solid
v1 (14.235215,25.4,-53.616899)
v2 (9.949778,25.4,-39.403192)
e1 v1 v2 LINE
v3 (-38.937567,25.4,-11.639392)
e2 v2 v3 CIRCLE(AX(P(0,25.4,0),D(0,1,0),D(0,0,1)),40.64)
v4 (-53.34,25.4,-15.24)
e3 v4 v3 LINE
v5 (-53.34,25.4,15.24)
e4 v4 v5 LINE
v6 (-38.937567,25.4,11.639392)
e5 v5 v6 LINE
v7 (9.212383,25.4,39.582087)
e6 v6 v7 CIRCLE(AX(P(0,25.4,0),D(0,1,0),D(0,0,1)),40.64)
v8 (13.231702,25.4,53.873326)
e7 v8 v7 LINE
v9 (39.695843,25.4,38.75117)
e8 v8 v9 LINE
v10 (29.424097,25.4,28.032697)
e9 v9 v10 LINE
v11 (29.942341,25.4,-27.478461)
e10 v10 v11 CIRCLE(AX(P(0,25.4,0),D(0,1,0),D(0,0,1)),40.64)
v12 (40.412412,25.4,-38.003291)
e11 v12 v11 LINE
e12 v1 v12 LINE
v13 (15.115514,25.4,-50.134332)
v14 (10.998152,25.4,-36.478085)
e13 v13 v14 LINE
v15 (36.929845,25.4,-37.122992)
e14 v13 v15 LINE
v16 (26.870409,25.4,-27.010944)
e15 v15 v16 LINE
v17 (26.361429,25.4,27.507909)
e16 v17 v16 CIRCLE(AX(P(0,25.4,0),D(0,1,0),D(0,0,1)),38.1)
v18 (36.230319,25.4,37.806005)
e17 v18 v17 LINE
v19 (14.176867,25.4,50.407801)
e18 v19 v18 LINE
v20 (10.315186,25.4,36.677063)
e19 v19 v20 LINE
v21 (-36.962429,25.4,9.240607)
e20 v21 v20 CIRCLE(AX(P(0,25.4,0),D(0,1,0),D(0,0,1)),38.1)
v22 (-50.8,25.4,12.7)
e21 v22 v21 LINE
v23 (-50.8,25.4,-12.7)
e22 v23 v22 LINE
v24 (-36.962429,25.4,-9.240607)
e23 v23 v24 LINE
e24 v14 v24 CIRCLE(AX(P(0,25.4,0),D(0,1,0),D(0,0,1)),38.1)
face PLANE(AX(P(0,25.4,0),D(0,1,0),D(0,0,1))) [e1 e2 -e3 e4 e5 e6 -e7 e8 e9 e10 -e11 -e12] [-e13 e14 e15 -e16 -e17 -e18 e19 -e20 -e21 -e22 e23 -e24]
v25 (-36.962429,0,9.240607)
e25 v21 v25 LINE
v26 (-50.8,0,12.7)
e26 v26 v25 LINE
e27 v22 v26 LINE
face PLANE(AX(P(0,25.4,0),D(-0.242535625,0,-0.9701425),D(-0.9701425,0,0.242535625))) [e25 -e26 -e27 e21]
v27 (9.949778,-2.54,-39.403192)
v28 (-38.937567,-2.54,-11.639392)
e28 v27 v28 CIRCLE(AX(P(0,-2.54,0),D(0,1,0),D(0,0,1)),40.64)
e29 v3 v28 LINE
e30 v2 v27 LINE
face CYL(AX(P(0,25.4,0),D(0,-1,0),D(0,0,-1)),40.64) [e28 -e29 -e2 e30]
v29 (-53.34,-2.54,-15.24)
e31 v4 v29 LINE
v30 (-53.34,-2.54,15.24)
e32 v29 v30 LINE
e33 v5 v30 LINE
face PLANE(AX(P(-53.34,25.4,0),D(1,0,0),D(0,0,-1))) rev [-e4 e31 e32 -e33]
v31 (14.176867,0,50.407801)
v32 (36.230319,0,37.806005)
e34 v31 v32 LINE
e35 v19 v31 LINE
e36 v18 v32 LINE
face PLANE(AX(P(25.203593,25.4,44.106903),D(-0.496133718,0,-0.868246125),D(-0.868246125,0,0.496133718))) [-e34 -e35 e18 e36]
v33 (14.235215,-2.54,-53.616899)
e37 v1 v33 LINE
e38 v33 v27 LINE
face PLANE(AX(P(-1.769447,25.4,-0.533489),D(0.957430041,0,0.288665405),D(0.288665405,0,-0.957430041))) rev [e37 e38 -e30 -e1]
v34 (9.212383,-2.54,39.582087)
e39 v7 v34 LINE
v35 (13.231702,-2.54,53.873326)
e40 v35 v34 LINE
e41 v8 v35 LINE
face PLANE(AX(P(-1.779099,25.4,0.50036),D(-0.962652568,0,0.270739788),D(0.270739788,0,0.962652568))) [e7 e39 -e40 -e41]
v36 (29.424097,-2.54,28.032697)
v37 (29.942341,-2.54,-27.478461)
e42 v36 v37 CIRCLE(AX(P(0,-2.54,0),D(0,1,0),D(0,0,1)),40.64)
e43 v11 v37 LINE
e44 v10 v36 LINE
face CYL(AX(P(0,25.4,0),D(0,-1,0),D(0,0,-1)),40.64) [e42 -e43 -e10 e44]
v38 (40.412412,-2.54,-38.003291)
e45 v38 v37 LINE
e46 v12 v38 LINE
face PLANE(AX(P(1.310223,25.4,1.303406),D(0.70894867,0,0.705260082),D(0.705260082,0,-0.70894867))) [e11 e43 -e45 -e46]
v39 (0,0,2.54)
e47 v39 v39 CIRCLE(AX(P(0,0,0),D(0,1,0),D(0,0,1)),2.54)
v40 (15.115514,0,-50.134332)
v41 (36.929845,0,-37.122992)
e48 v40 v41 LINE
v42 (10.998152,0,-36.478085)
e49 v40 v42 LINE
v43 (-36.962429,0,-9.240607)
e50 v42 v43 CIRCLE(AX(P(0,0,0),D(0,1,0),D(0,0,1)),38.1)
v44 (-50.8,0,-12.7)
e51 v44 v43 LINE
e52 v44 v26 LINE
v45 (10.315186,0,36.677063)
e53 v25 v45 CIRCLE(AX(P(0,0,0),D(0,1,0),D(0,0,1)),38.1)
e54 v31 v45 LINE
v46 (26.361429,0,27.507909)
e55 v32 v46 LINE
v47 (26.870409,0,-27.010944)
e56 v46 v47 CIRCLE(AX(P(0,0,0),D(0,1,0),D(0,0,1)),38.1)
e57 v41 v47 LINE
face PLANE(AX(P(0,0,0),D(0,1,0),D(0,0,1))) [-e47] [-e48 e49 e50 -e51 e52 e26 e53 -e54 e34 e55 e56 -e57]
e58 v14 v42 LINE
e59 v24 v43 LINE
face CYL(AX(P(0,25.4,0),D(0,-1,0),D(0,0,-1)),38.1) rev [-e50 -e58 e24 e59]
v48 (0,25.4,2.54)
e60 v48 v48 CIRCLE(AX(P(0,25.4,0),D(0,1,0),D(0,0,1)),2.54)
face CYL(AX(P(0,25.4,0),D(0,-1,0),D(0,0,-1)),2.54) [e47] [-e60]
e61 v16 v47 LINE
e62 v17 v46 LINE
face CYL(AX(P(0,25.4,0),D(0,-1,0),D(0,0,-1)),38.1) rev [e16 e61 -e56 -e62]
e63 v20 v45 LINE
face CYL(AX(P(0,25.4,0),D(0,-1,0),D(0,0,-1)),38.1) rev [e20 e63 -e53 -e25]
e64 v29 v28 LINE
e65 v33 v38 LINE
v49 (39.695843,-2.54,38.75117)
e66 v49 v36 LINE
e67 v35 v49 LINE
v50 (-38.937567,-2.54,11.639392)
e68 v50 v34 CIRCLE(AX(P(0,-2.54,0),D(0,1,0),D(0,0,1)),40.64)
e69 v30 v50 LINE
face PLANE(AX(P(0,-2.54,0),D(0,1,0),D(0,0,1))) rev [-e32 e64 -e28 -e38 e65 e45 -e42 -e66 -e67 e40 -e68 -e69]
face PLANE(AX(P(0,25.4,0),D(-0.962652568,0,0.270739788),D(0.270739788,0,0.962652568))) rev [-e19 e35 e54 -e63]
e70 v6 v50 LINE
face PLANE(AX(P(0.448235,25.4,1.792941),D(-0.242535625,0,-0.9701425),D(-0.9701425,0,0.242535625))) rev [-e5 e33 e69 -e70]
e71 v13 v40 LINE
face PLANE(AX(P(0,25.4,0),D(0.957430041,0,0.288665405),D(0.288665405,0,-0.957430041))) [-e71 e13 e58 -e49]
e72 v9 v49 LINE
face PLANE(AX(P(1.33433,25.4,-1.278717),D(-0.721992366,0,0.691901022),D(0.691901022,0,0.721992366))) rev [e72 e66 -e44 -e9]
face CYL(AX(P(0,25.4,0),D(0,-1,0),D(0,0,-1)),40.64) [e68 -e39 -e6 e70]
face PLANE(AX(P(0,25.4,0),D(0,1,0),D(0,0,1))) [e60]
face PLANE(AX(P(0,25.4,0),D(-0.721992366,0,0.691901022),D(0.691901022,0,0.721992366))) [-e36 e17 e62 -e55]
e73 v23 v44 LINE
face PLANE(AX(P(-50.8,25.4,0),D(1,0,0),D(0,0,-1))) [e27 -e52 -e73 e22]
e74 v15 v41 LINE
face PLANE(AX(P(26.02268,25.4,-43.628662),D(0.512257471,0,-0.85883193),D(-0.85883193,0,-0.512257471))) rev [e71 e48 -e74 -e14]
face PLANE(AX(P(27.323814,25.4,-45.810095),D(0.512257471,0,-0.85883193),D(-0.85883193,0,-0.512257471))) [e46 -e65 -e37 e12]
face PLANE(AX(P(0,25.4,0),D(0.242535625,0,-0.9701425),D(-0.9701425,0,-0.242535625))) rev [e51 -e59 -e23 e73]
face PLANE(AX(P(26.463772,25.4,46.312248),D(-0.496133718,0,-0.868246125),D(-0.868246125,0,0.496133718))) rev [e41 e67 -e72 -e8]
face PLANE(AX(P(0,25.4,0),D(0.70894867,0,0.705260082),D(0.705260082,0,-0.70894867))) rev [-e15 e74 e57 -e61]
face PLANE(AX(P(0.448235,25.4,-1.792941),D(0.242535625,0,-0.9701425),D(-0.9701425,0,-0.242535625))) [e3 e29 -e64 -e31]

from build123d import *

# Parameters (mm, degrees)
EXTRUDE_1_DEPTH = 25.4
EXTRUDE_START   = -2.54
EXTRUDE_3_DEPTH = 2.54
SKETCH_3_R      = 2.54
EXTRUDE_4_DEPTH = 25.4


with BuildPart() as part:
    # 草图2 → 凸台-拉伸1 (new body)
    with BuildSketch(Plane(origin=(0, 0, 0), x_dir=(1, 0, 0), z_dir=(0, 1, 0))):
        with BuildLine():
            Line((-38.937567428, 11.639391857), (-53.34, 15.24))
            Line((-53.34, 15.24), (-53.34, -15.24))
            Line((-53.34, -15.24), (-38.937567428, -11.639391857))
            ThreePointArc((-38.937567428, -11.639391857), (-20.39841157, -35.149884857), (9.2123832, -39.582086804))
            Line((9.2123832, -39.582086804), (13.231701545, -53.873326185))
            Line((13.231701545, -53.873326185), (39.695843447, -38.751170473))
            Line((39.695843447, -38.751170473), (29.424096964, -28.032697299))
            ThreePointArc((29.424096964, -28.032697299), (40.638229061, -0.379392686), (29.942341184, 27.478460736))
            Line((29.942341184, 27.478460736), (40.412412109, 38.003291273))
            Line((40.412412109, 38.003291273), (14.235214892, 53.616898987))
            Line((14.235214892, 53.616898987), (9.949778446, 39.403191608))
            ThreePointArc((9.949778446, 39.403191608), (-20.069382693, 35.338781506), (-38.937567428, 11.639391857))
        make_face()
        with BuildLine():
            Line((10.998151919, 36.478084576), (15.115514017, 50.134331909))
            Line((15.115514017, 50.134331909), (36.929845031, 37.122992148))
            Line((36.929845031, 37.122992148), (26.870409141, 27.010944311))
            ThreePointArc((26.870409141, 27.010944311), (35.180765969, 14.626130926), (38.1, 0))
            ThreePointArc((38.1, 0), (35.042691409, -14.953921854), (26.361428934, -27.507909127))
            Line((26.361428934, -27.507909127), (36.230318646, -37.806004957))
            Line((36.230318646, -37.806004957), (14.176867061, -50.407801384))
            Line((14.176867061, -50.407801384), (10.315185941, -36.677062846))
            ThreePointArc((10.315185941, -36.677062846), (-19.123510847, -32.953017053), (-36.962429256, -9.240607314))
            Line((-36.962429256, -9.240607314), (-50.8, -12.7))
            Line((-50.8, -12.7), (-50.8, 12.7))
            Line((-50.8, 12.7), (-36.962429256, 9.240607314))
            ThreePointArc((-36.962429256, 9.240607314), (-18.815046274, 33.130107662), (10.998151919, 36.478084576))
        make_face(mode=Mode.SUBTRACT)
    extrude(amount=EXTRUDE_1_DEPTH)

    # 草图2<4> → 凸台-拉伸3 (add)
    with BuildSketch(Plane(origin=(0, 0, 0), x_dir=(1, 0, 0), z_dir=(0, 1, 0)).offset(EXTRUDE_START)):
        with BuildLine():
            Line((-38.937567428, 11.639391857), (-53.34, 15.24))
            Line((-53.34, 15.24), (-53.34, -15.24))
            Line((-53.34, -15.24), (-38.937567428, -11.639391857))
            ThreePointArc((-38.937567428, -11.639391857), (-20.39841157, -35.149884857), (9.2123832, -39.582086804))
            Line((9.2123832, -39.582086804), (13.231701545, -53.873326185))
            Line((13.231701545, -53.873326185), (39.695843447, -38.751170473))
            Line((39.695843447, -38.751170473), (29.424096964, -28.032697299))
            ThreePointArc((29.424096964, -28.032697299), (40.638229061, -0.379392686), (29.942341184, 27.478460736))
            Line((29.942341184, 27.478460736), (40.412412109, 38.003291273))
            Line((40.412412109, 38.003291273), (14.235214892, 53.616898987))
            Line((14.235214892, 53.616898987), (9.949778446, 39.403191608))
            ThreePointArc((9.949778446, 39.403191608), (-20.069382693, 35.338781506), (-38.937567428, 11.639391857))
        make_face()
    extrude(amount=EXTRUDE_3_DEPTH)

    # 草图3 → 凸台-拉伸4 (add)
    with BuildSketch(Plane(origin=(0, 0, 0), x_dir=(1, 0, 0), z_dir=(0, 1, 0))):
        Circle(SKETCH_3_R)
    extrude(amount=EXTRUDE_4_DEPTH)


solid = part.part
